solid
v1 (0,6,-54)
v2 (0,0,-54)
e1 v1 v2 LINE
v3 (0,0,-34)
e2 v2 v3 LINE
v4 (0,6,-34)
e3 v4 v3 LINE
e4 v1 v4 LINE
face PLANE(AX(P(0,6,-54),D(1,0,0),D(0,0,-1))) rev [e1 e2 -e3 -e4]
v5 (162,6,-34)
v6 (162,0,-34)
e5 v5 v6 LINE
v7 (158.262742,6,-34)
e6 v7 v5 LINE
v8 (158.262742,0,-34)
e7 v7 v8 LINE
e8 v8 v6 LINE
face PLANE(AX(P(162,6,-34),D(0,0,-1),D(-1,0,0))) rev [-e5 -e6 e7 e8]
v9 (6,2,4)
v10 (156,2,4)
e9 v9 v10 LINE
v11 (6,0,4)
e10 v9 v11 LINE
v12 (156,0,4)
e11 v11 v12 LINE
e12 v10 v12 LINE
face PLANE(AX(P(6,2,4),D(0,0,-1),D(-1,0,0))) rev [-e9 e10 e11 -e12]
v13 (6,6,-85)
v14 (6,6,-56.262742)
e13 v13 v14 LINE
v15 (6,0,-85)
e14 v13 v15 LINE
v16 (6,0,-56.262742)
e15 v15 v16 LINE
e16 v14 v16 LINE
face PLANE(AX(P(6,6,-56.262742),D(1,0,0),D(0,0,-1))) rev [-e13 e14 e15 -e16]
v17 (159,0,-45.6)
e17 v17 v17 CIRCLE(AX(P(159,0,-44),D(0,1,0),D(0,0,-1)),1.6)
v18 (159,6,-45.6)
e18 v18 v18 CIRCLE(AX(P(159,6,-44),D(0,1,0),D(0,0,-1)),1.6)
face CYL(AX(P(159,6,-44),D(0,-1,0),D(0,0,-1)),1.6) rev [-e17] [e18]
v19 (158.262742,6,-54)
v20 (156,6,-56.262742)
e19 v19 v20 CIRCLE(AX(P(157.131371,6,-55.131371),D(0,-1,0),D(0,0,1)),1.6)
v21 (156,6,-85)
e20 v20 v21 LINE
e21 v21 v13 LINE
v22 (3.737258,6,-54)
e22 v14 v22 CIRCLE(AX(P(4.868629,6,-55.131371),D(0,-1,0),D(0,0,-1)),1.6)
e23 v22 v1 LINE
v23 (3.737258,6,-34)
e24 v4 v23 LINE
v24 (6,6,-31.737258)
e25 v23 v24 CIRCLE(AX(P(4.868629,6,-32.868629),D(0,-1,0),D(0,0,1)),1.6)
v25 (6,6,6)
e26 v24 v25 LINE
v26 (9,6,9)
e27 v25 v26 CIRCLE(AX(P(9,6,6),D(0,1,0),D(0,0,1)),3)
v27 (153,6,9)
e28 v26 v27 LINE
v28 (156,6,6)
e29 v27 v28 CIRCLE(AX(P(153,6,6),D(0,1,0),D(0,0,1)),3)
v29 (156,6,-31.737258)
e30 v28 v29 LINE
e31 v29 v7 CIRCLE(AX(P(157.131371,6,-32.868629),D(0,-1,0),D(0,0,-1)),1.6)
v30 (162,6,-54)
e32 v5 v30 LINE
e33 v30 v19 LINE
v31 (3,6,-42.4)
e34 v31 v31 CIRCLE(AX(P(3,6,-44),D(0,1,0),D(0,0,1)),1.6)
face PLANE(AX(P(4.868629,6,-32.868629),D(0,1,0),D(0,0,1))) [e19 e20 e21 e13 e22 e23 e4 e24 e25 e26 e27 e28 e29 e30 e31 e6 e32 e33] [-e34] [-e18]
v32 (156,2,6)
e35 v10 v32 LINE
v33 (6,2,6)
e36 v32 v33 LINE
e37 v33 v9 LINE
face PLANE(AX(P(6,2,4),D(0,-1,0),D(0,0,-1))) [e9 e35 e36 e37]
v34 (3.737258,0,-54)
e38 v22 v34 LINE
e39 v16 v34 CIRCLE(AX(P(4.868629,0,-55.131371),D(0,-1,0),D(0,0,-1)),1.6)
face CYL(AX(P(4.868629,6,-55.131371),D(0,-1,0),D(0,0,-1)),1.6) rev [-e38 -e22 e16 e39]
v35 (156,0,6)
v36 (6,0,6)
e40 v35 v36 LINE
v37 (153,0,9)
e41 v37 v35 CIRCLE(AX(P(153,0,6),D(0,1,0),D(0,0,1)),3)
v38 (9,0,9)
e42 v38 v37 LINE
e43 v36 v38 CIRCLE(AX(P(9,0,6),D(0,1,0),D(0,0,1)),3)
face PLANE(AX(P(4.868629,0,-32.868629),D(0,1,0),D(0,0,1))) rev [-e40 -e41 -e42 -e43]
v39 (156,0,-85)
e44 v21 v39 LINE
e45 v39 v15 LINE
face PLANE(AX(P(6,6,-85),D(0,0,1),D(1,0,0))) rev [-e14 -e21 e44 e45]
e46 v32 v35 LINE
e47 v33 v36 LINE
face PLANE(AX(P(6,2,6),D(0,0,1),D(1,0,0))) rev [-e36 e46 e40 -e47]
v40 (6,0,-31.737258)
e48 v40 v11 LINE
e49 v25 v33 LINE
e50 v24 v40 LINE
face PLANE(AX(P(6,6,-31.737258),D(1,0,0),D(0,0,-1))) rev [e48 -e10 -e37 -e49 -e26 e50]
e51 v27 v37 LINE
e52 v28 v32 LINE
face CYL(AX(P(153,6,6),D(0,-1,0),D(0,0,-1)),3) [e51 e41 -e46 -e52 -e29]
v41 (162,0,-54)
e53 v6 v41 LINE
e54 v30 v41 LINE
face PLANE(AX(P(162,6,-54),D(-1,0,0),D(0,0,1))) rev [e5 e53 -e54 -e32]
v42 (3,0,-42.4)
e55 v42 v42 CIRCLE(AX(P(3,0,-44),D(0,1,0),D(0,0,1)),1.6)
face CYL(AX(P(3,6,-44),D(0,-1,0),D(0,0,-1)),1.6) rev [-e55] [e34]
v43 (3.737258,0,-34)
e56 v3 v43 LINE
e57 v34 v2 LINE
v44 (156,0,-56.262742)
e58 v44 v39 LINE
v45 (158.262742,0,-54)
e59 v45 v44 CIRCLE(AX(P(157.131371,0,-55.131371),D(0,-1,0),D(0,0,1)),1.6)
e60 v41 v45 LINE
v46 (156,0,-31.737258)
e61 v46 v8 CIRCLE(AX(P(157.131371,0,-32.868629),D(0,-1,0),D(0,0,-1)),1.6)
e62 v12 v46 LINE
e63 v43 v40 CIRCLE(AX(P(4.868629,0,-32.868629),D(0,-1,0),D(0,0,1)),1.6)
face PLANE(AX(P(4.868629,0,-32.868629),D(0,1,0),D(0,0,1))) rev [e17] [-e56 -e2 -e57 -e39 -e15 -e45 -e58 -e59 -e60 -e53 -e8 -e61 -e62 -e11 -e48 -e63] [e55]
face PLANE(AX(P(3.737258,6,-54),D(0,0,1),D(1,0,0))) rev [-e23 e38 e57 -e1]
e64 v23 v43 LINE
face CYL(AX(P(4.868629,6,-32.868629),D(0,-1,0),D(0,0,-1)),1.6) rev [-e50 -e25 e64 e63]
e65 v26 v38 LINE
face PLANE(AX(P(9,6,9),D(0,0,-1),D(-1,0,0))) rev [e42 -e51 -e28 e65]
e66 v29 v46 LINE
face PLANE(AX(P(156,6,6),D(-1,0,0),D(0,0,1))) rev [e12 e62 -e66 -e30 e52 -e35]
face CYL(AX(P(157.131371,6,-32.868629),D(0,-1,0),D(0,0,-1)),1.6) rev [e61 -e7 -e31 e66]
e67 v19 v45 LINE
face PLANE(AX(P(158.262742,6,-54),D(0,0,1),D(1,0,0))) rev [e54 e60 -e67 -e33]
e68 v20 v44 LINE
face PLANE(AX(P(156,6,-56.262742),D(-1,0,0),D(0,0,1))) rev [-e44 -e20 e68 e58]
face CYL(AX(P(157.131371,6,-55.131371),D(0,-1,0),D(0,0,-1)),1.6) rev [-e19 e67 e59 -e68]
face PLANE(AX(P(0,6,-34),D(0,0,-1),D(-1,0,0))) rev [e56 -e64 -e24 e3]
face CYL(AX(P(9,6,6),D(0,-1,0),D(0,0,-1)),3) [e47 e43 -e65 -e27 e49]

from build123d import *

# Parameters (mm, degrees)
ESQUISSE1_R             = 1.6
BOSS_EXTRU_1_DEPTH      = 6
ESQUISSE2_W             = 150
ESQUISSE2_H             = 2
ENL_V_MAT_EXTRU_1_DEPTH = 2


with BuildPart() as part:
    # Esquisse1 → Boss.-Extru.1 (new body)
    with BuildSketch(Plane(origin=(0, 0, 0), x_dir=(1, 0, 0), z_dir=(0, 1, 0))):
        with BuildLine():
            Line((6, 56.2627417), (6, 85))
            Line((6, 85), (156, 85))
            Line((156, 85), (156, 56.2627417))
            ThreePointArc((156, 56.2627417), (156, 54), (158.2627417, 54))
            Line((158.2627417, 54), (162, 54))
            Line((162, 54), (162, 34))
            Line((162, 34), (158.2627417, 34))
            ThreePointArc((158.2627417, 34), (156, 34), (156, 31.7372583))
            Line((156, 31.7372583), (156, -6))
            ThreePointArc((156, -6), (155.121320344, -8.121320344), (153, -9))
            Line((153, -9), (9, -9))
            ThreePointArc((9, -9), (6.878679656, -8.121320344), (6, -6))
            Line((6, -6), (6, 31.7372583))
            ThreePointArc((6, 31.7372583), (6, 34), (3.7372583, 34))
            Line((3.7372583, 34), (0, 34))
            Line((0, 34), (0, 54))
            Line((0, 54), (3.7372583, 54))
            ThreePointArc((3.7372583, 54), (6, 54), (6, 56.2627417))
        make_face()
        with Locations(Location((3, 44, 0), (0, 0, 270))):  # turned: the seam where the file's is
            Circle(ESQUISSE1_R, mode=Mode.SUBTRACT)
        with Locations(Location((159, 44, 0), (0, 0, 90))):  # turned: the seam where the file's is
            Circle(ESQUISSE1_R, mode=Mode.SUBTRACT)
    extrude(amount=BOSS_EXTRU_1_DEPTH)

    # Esquisse2 → Enlèv. mat.-Extru.1 (cut)
    with BuildSketch(Plane.XZ):
        with Locations((81, 5)):
            Rectangle(ESQUISSE2_W, ESQUISSE2_H)
    extrude(amount=-ENL_V_MAT_EXTRU_1_DEPTH, mode=Mode.SUBTRACT)


solid = part.part
